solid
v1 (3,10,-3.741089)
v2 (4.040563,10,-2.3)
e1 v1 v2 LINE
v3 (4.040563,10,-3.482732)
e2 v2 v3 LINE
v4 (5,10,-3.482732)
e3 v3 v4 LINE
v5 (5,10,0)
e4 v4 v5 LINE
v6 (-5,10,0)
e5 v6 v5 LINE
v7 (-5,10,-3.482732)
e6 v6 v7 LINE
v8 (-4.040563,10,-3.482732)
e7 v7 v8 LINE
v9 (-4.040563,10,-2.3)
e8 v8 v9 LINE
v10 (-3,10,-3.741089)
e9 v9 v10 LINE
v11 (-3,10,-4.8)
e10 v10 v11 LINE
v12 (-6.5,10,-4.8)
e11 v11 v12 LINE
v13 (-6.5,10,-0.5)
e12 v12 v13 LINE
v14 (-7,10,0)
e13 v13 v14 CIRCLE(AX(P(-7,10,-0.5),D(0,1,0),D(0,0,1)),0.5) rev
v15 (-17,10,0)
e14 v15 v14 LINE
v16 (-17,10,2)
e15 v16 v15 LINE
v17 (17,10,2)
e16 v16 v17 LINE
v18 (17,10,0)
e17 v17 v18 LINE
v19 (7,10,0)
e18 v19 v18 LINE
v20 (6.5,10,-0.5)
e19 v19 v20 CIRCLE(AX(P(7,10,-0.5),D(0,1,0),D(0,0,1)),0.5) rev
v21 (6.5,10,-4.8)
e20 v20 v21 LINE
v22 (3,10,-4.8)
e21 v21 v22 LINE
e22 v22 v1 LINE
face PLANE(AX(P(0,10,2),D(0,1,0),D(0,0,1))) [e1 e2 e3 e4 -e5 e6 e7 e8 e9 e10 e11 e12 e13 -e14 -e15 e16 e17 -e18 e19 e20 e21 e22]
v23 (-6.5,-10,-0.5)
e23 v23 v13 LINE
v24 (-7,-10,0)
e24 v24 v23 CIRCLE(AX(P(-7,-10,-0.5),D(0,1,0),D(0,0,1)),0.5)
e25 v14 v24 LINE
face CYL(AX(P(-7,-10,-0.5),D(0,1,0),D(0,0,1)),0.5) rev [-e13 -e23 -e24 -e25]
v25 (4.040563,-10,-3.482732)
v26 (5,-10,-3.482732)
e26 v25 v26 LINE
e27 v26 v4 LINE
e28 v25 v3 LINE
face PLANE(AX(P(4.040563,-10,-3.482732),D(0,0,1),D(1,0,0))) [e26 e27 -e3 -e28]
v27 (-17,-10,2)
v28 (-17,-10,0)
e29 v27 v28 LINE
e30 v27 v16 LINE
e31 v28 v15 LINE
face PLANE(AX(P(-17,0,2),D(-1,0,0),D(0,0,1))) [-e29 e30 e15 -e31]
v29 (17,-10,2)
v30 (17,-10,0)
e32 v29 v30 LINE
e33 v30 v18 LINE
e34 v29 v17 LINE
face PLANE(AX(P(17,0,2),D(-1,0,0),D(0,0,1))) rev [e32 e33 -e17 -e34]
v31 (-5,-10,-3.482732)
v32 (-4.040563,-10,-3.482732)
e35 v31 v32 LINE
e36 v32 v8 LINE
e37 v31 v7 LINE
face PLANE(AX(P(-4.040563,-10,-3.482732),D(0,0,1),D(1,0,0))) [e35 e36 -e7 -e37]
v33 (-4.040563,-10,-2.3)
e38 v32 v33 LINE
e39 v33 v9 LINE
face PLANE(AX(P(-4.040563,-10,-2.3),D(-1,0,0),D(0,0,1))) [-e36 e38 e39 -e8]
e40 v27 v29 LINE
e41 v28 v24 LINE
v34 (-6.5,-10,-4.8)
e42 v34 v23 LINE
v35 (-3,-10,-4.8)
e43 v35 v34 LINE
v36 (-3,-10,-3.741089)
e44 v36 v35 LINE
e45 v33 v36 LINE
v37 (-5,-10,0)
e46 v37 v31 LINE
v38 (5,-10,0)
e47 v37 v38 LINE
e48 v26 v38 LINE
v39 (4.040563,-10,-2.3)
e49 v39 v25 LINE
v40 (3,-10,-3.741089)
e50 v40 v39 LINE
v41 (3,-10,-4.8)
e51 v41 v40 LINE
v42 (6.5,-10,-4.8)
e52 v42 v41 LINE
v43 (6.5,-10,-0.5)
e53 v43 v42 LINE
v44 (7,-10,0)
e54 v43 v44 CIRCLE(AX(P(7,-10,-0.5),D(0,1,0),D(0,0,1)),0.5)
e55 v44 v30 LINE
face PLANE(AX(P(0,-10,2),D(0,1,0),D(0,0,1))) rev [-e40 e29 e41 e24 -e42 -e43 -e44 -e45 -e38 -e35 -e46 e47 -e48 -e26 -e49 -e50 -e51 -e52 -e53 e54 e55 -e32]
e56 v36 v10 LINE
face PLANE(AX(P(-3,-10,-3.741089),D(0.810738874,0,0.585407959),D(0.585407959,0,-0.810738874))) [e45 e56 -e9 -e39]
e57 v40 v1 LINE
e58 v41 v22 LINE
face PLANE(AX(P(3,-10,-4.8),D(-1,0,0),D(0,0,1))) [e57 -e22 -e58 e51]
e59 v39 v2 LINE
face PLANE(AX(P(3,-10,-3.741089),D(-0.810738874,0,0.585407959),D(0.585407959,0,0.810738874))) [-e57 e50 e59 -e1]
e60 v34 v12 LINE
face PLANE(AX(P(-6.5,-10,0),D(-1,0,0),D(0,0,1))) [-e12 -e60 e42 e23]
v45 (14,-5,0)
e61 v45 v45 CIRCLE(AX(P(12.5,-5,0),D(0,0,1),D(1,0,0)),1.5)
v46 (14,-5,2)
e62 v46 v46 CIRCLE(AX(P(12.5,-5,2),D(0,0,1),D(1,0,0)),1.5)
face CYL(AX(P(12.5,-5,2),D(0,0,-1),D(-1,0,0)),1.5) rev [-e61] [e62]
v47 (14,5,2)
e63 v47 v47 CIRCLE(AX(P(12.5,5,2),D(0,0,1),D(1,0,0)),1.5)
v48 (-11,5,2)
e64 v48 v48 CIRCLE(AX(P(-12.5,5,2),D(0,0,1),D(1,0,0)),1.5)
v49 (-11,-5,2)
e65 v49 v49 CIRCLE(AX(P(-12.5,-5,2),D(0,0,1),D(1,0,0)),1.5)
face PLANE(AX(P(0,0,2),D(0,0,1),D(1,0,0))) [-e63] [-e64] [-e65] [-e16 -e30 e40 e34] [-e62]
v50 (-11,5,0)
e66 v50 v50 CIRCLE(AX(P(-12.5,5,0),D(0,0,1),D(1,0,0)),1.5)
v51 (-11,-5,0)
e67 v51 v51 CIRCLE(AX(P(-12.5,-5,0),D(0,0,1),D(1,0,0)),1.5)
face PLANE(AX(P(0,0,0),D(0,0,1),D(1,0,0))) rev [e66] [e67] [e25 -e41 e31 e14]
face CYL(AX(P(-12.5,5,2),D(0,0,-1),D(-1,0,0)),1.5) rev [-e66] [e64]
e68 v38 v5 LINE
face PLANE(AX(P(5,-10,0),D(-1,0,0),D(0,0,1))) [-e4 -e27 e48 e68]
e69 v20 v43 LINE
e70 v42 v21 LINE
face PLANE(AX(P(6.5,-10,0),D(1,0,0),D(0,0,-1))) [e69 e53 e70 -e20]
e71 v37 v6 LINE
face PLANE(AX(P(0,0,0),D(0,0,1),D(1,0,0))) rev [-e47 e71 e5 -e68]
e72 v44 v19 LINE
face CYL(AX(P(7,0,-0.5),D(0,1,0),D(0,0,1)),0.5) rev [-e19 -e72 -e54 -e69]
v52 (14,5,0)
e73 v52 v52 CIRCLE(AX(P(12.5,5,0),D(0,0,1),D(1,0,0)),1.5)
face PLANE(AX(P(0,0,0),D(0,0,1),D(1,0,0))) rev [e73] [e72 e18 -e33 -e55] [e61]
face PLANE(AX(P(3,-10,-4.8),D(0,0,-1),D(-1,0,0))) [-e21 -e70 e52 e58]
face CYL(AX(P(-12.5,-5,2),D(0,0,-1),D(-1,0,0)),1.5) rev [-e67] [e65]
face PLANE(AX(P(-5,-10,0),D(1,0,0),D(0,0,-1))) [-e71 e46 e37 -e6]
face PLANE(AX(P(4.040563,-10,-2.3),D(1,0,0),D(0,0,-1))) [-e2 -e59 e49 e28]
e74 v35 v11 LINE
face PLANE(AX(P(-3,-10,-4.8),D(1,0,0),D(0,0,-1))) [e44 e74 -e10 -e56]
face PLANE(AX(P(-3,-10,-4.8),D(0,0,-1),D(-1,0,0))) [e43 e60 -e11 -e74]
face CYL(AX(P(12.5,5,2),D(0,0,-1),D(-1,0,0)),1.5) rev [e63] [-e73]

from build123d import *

# Parameters (mm, degrees)
CROQUIS1_W              = 34
CROQUIS1_H              = 20
CROQUIS1_R              = 1.5
BASE_DEPTH              = 2
SALIENTE_EXTRUIR2_DEPTH = 20
REDONDEO1_R             = 0.5


with BuildPart() as part:
    # Croquis1 → Base (new body)
    with BuildSketch(Plane.XY):
        Rectangle(CROQUIS1_W, CROQUIS1_H)
        with Locations((12.5, 5)):
            Circle(CROQUIS1_R, mode=Mode.SUBTRACT)
        with Locations((-12.5, 5)):
            Circle(CROQUIS1_R, mode=Mode.SUBTRACT)
        with Locations((-12.5, -5)):
            Circle(CROQUIS1_R, mode=Mode.SUBTRACT)
        with Locations((12.5, -5)):
            Circle(CROQUIS1_R, mode=Mode.SUBTRACT)
    extrude(amount=BASE_DEPTH)

    # Croquis2 → Saliente-Extruir2 (add, through all)
    with BuildSketch(Plane(origin=(0, 10, 0), x_dir=(1, 0, 0), z_dir=(0, 1, 0))):
        Polygon((-5, 0), (-6.5, 0), (-6.5, 4.8), (-3, 4.8), (-3, 3.741089378), (-4.040563392, 2.3), (-4.040563392, 3.482732018), (-5, 3.482732018), align=None)
        Polygon((3, 4.8), (6.5, 4.8), (6.5, 0), (5, 0), (5, 3.482732018), (4.040563392, 3.482732018), (4.040563392, 2.3), (3, 3.741089378), align=None)
    extrude(amount=-SALIENTE_EXTRUIR2_DEPTH)

    # Redondeo1
    redondeo1_edges = [part.edges().sort_by_distance(p)[0] for p in [
        (-6.5, 0, 0),
        (6.5, 0, 0),
    ]]
    fillet(redondeo1_edges, radius=REDONDEO1_R)


solid = part.part
